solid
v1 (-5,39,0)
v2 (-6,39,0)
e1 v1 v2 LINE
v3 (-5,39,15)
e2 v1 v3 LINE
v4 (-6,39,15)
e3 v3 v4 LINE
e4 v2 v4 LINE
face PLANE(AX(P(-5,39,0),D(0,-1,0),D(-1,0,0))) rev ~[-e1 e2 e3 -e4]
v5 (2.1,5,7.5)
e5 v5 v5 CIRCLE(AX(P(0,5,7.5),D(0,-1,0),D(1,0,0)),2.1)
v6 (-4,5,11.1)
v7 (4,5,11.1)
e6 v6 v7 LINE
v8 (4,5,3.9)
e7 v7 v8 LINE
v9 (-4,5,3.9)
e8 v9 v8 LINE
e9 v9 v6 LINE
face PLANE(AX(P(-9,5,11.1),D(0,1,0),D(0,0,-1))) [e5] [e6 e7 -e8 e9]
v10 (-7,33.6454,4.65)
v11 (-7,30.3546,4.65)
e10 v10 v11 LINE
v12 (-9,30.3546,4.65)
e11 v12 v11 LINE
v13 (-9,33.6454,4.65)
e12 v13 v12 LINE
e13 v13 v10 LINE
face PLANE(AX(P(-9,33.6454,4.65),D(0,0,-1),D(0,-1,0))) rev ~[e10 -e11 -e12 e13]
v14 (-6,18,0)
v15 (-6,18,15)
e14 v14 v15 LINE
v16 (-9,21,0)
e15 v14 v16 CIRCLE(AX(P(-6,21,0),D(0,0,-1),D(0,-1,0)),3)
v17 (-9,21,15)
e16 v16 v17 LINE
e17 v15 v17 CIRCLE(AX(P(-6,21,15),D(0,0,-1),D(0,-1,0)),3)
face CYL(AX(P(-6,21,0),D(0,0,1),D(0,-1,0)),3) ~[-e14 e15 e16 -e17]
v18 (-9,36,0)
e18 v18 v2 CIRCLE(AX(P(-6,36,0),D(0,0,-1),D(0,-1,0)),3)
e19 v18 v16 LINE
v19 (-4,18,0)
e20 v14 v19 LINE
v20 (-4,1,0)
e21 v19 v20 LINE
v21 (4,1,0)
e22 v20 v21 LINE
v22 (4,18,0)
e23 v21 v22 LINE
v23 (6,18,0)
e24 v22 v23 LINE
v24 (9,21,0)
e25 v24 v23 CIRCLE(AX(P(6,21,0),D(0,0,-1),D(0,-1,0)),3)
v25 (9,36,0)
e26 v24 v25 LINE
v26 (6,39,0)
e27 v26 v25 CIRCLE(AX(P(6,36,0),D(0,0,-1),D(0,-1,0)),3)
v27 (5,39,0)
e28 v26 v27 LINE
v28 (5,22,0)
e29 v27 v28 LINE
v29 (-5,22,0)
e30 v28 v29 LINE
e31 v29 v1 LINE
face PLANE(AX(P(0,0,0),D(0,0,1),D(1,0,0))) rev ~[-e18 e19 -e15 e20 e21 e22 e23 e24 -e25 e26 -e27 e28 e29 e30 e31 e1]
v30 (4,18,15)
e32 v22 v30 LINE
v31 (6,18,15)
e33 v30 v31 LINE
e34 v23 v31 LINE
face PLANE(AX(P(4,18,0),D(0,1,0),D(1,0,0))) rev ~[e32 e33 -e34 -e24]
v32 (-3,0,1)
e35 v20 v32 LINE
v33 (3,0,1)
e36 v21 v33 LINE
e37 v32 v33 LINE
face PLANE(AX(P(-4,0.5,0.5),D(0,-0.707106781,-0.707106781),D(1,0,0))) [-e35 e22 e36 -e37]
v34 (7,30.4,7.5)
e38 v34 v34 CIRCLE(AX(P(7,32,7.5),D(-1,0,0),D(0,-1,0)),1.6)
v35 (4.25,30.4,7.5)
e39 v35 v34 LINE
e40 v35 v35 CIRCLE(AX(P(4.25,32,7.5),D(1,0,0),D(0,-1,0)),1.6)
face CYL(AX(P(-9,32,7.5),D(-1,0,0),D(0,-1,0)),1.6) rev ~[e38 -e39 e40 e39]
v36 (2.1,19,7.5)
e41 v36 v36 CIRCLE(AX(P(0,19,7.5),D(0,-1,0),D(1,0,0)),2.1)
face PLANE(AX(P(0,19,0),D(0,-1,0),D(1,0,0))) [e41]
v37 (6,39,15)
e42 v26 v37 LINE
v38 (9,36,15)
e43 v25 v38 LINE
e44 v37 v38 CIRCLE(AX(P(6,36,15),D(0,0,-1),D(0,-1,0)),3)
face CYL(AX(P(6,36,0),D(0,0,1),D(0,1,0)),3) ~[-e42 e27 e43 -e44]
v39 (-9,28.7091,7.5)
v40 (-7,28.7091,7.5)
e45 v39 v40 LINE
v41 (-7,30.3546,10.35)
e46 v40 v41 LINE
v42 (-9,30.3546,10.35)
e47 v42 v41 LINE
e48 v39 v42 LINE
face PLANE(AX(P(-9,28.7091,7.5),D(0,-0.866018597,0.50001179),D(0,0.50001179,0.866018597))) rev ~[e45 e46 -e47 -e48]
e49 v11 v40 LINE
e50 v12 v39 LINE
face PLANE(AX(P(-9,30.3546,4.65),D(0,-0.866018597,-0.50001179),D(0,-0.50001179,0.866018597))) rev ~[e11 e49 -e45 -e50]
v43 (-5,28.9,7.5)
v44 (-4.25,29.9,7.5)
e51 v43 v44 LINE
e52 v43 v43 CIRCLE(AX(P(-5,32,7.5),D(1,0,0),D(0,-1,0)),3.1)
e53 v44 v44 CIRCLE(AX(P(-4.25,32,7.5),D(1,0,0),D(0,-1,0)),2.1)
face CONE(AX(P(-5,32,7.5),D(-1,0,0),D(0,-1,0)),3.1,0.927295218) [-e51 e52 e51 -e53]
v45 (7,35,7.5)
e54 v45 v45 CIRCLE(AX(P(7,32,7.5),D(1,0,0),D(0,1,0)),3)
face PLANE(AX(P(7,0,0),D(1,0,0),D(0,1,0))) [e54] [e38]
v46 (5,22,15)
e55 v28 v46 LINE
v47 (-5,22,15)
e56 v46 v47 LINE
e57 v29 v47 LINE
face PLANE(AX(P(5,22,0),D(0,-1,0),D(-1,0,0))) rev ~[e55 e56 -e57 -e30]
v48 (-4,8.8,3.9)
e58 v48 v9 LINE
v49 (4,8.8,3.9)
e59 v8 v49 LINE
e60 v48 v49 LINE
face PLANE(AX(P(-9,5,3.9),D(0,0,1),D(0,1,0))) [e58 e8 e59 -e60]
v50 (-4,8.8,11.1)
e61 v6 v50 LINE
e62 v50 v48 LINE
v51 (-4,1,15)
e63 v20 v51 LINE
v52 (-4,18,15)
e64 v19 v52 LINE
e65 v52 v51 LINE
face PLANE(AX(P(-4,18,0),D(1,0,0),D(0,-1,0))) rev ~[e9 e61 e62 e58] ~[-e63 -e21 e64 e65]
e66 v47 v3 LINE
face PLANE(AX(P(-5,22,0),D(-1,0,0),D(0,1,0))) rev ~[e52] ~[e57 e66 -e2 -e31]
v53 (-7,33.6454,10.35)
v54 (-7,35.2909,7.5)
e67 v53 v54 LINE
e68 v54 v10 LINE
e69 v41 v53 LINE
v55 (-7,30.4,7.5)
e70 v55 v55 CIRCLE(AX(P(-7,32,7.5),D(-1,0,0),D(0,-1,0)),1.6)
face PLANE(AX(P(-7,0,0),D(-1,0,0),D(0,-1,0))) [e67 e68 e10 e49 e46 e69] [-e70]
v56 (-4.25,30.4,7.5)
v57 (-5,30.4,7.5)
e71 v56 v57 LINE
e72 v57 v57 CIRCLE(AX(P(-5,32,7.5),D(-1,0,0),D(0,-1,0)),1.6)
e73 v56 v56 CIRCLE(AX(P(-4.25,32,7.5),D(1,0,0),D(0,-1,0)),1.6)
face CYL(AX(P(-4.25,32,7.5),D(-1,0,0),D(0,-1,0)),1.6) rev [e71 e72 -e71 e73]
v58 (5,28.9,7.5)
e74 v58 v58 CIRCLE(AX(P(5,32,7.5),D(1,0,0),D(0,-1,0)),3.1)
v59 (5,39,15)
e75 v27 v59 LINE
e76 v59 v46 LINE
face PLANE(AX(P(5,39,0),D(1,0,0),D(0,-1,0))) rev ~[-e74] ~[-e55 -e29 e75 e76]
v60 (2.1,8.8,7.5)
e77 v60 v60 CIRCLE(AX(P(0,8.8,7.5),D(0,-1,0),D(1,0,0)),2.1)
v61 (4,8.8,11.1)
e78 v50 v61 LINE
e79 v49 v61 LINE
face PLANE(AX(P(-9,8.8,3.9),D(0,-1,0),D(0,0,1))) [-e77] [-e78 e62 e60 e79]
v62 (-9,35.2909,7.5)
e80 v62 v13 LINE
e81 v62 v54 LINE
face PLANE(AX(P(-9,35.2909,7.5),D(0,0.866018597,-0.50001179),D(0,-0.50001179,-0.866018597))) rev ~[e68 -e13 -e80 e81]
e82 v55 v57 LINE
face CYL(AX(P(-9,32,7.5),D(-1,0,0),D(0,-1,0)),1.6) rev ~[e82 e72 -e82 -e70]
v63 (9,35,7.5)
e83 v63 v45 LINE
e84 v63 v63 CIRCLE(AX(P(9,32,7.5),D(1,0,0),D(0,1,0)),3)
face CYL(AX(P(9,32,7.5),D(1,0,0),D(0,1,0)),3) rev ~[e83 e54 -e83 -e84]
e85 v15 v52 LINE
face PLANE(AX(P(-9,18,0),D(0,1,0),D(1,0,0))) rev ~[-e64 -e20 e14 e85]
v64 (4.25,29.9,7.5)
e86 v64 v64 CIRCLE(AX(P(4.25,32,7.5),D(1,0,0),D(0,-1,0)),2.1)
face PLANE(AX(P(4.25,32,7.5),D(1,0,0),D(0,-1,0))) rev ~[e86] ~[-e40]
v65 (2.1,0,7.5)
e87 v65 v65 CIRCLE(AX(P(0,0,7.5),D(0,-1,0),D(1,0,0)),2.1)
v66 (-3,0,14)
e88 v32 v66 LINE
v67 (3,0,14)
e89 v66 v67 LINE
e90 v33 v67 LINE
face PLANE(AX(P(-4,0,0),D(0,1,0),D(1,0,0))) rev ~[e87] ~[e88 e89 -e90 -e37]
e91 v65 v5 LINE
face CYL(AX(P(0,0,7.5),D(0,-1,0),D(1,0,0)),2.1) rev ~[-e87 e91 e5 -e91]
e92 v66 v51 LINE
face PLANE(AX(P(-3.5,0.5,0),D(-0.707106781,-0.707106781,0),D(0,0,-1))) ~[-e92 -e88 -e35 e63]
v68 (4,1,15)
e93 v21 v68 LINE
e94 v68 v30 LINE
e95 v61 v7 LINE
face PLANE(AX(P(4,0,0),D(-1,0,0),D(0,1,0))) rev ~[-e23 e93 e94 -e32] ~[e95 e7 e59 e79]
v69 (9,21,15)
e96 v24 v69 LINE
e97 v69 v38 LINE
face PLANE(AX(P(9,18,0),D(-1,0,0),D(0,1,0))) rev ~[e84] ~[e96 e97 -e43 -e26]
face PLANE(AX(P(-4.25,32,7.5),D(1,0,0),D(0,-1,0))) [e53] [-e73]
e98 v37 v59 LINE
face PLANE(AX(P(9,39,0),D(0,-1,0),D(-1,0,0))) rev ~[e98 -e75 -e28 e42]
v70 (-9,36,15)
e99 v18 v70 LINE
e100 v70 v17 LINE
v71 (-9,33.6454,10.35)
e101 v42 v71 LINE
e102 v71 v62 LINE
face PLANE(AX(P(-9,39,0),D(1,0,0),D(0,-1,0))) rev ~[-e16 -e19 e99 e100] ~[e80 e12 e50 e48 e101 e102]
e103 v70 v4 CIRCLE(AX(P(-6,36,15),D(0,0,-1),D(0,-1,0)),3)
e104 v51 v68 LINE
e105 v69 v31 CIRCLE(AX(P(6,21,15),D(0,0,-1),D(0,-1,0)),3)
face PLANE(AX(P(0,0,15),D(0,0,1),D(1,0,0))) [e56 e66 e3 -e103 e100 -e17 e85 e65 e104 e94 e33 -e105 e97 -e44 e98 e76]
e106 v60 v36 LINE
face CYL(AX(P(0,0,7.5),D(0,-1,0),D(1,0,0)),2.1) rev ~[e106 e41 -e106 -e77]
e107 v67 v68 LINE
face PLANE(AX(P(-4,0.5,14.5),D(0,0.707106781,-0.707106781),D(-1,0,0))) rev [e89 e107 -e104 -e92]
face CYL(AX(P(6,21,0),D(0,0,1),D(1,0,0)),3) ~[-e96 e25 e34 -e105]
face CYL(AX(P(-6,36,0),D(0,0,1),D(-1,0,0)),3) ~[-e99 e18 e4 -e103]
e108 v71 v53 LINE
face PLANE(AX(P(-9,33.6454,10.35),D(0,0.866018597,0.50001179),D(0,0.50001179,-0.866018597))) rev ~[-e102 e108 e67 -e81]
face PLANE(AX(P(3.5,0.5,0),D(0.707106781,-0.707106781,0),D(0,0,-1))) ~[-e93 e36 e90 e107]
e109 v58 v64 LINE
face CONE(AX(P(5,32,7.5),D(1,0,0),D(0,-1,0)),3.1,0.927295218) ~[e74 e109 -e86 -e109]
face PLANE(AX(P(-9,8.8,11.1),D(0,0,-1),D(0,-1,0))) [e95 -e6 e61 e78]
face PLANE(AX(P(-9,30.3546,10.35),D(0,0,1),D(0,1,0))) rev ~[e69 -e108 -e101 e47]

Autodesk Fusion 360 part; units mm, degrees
sketch "Sketch1" plane through (0, 0, 0) normal (0, 0, 1) x (1, 0, 0)
  line L0 (4, 0) -> (4, 18)
  line L1 (4, 18) -> (9, 18)
  line L2 (9, 18) -> (9, 39)
  line L3 (9, 39) -> (5, 39)
  line L4 (5, 39) -> (5, 22)
  line L5 (5, 22) -> (-5, 22)
  line L6 (-5, 22) -> (-5, 39)
  line L7 (-5, 39) -> (-9, 39)
  line L8 (-9, 39) -> (-9, 18)
  line L9 (-9, 18) -> (-4, 18)
  line L10 (-4, 18) -> (-4, 0)
  line L11 (-4, 0) -> (4, 0)
  point P0 (0, 22)
  dimension "d1" = 10
  dimension "d2" = 17
  dimension "d3" = 4
  dimension "d4" = 18
  dimension "d5" = 4
  dimension "d6" = 8
extrude "Extrude1" add sketch "Sketch1" along normal blind 15
sketch "Sketch2" plane through (-9, 0, 0) normal (-1, 0, 0) x (0, -1, 0)
  line L0 (-39, 0) -> (-18, 0)
  line L1 (-18, 0) -> (-18, 15)
  line L2 (-18, 15) -> (-39, 15)
  line L3 (-39, 15) -> (-39, 0)
  circle A0 centre (-32, 7.5) radius 1.6
  line L4 (-22, 0) -> (-22, 15)
  line L5 (-8.8, 11.1) -> (-5, 11.1)
  line L6 (-5, 11.1) -> (-5, 3.9)
  line L7 (-5, 3.9) -> (-8.8, 3.9)
  line L8 (-8.8, 3.9) -> (-8.8, 11.1)
  line L9 (-8.8, 11.1) -> (-5, 3.9) construction
  line L10 (-5, 11.1) -> (-8.8, 3.9) construction
  line L11 (0, 0) -> (0, 15)
  point P0 (-39, 7.5)
  point P1 (-6.9, 7.5)
  point P2 (0, 7.5)
  dimension "d9" = 3.2
  dimension "d11" = 10
  dimension "d18" = 7.2
  dimension "d19" = 3.8
  dimension "d20" = 5
extrude "Extrude2" cut sketch "Sketch2" against normal up to surface (18 mm away) contours A0 | L5 L6 L7 L8
ref_plane "WorkPlane1" through (0, 19.5, 7.5) normal (0, 0, 1) x (1, 0, 0)
sketch "Sketch4" plane through (0, 17, 7.5) normal (0, 0, 1) x (1, 0, 0)
  line L0 (-5, 16.6) -> (-5, 13.4)
  line L1 (-9, 13.4) -> (-9, 16.6)
  line L2 (9, 16.6) -> (9, 13.4)
  line L3 (5, 13.4) -> (5, 16.6)
  line L4 (-9, 15) -> (9, 15) construction
  line L5 (-5, 13.4) -> (-5, 11.9)
  line L6 (-5, 11.9) -> (-4.25, 12.9)
  line L7 (-4.25, 12.9) -> (-4.25, 13.4)
  line L8 (-4.25, 13.4) -> (-5, 13.4)
  line L9 (5, 13.4) -> (5, 11.9)
  line L10 (5, 11.9) -> (4.25, 12.9)
  line L11 (4.25, 12.9) -> (4.25, 13.4)
  line L12 (4.25, 13.4) -> (5, 13.4)
  dimension "d14" = 0.75
  dimension "d15" = 0.5
  dimension "d16" = 1.5
revolve "Revolve1" add sketch "Sketch4" angle 360 about axis through (-9, 32, 7.5) along (1, 0, 0)
sketch "Sketch5" plane through (0, 0, 0) normal (0, -1, 0) x (1, 0, 0)
  line L0 (-4, 0) -> (4, 0)
  line L1 (4, 0) -> (4, 15)
  line L2 (4, 15) -> (-4, 15)
  line L3 (-4, 15) -> (-4, 0)
  circle A0 centre (0, 7.5) radius 2.1
  point P0 (-4, 7.5)
  dimension "d21" = 4.2
extrude "Extrude3" cut sketch "Sketch5" against normal blind 19 contours A0
fillet "Fillet1" radius 3 4 edges at (-9, 18, 7.5) (-9, 39, 7.5) (9, 39, 7.5) (9, 18, 7.5)
chamfer "Chamfer1" distance 1 angle 45 4 edges at (0, 0, 15) (-4, 0, 7.5) (0, 0, 0) (4, 0, 7.5)
sketch "Sketch6" plane through (-9, 0, 0) normal (-1, 0, 0) x (0, -1, 0)
  circle A0 centre (-32, 7.5) radius 1.6
  line L0 (-36, 15) -> (-36, 0)
  line L1 (-36, 0) -> (-21, 0)
  line L2 (-21, 0) -> (-21, 15)
  line L3 (-21, 15) -> (-36, 15)
  line L4 (-33.6454, 10.35) -> (-35.2909, 7.5)
  line L5 (-35.2909, 7.5) -> (-33.6454, 4.65)
  line L6 (-33.6454, 4.65) -> (-30.3546, 4.65)
  line L7 (-30.3546, 4.65) -> (-28.7091, 7.5)
  line L8 (-28.7091, 7.5) -> (-30.3546, 10.35)
  line L9 (-30.3546, 10.35) -> (-33.6454, 10.35)
  point P0 (-32, 7.5)
  dimension "d50" = 5.7
extrude "Extrude4" cut sketch "Sketch6" against normal blind 2 contours L4 L5 L6 L7 L8 L9
sketch "Sketch7" plane through (9, 0, 0) normal (1, 0, 0) x (0, 1, 0)
  circle A0 centre (32, 7.5) radius 1.6
  line L0 (21, 15) -> (21, 0)
  line L1 (21, 0) -> (36, 0)
  line L2 (36, 0) -> (36, 15)
  line L3 (36, 15) -> (21, 15)
  circle A1 centre (32, 7.5) radius 3
  dimension "d53" = 6
extrude "Extrude5" cut sketch "Sketch7" against normal blind 2 contours A1
